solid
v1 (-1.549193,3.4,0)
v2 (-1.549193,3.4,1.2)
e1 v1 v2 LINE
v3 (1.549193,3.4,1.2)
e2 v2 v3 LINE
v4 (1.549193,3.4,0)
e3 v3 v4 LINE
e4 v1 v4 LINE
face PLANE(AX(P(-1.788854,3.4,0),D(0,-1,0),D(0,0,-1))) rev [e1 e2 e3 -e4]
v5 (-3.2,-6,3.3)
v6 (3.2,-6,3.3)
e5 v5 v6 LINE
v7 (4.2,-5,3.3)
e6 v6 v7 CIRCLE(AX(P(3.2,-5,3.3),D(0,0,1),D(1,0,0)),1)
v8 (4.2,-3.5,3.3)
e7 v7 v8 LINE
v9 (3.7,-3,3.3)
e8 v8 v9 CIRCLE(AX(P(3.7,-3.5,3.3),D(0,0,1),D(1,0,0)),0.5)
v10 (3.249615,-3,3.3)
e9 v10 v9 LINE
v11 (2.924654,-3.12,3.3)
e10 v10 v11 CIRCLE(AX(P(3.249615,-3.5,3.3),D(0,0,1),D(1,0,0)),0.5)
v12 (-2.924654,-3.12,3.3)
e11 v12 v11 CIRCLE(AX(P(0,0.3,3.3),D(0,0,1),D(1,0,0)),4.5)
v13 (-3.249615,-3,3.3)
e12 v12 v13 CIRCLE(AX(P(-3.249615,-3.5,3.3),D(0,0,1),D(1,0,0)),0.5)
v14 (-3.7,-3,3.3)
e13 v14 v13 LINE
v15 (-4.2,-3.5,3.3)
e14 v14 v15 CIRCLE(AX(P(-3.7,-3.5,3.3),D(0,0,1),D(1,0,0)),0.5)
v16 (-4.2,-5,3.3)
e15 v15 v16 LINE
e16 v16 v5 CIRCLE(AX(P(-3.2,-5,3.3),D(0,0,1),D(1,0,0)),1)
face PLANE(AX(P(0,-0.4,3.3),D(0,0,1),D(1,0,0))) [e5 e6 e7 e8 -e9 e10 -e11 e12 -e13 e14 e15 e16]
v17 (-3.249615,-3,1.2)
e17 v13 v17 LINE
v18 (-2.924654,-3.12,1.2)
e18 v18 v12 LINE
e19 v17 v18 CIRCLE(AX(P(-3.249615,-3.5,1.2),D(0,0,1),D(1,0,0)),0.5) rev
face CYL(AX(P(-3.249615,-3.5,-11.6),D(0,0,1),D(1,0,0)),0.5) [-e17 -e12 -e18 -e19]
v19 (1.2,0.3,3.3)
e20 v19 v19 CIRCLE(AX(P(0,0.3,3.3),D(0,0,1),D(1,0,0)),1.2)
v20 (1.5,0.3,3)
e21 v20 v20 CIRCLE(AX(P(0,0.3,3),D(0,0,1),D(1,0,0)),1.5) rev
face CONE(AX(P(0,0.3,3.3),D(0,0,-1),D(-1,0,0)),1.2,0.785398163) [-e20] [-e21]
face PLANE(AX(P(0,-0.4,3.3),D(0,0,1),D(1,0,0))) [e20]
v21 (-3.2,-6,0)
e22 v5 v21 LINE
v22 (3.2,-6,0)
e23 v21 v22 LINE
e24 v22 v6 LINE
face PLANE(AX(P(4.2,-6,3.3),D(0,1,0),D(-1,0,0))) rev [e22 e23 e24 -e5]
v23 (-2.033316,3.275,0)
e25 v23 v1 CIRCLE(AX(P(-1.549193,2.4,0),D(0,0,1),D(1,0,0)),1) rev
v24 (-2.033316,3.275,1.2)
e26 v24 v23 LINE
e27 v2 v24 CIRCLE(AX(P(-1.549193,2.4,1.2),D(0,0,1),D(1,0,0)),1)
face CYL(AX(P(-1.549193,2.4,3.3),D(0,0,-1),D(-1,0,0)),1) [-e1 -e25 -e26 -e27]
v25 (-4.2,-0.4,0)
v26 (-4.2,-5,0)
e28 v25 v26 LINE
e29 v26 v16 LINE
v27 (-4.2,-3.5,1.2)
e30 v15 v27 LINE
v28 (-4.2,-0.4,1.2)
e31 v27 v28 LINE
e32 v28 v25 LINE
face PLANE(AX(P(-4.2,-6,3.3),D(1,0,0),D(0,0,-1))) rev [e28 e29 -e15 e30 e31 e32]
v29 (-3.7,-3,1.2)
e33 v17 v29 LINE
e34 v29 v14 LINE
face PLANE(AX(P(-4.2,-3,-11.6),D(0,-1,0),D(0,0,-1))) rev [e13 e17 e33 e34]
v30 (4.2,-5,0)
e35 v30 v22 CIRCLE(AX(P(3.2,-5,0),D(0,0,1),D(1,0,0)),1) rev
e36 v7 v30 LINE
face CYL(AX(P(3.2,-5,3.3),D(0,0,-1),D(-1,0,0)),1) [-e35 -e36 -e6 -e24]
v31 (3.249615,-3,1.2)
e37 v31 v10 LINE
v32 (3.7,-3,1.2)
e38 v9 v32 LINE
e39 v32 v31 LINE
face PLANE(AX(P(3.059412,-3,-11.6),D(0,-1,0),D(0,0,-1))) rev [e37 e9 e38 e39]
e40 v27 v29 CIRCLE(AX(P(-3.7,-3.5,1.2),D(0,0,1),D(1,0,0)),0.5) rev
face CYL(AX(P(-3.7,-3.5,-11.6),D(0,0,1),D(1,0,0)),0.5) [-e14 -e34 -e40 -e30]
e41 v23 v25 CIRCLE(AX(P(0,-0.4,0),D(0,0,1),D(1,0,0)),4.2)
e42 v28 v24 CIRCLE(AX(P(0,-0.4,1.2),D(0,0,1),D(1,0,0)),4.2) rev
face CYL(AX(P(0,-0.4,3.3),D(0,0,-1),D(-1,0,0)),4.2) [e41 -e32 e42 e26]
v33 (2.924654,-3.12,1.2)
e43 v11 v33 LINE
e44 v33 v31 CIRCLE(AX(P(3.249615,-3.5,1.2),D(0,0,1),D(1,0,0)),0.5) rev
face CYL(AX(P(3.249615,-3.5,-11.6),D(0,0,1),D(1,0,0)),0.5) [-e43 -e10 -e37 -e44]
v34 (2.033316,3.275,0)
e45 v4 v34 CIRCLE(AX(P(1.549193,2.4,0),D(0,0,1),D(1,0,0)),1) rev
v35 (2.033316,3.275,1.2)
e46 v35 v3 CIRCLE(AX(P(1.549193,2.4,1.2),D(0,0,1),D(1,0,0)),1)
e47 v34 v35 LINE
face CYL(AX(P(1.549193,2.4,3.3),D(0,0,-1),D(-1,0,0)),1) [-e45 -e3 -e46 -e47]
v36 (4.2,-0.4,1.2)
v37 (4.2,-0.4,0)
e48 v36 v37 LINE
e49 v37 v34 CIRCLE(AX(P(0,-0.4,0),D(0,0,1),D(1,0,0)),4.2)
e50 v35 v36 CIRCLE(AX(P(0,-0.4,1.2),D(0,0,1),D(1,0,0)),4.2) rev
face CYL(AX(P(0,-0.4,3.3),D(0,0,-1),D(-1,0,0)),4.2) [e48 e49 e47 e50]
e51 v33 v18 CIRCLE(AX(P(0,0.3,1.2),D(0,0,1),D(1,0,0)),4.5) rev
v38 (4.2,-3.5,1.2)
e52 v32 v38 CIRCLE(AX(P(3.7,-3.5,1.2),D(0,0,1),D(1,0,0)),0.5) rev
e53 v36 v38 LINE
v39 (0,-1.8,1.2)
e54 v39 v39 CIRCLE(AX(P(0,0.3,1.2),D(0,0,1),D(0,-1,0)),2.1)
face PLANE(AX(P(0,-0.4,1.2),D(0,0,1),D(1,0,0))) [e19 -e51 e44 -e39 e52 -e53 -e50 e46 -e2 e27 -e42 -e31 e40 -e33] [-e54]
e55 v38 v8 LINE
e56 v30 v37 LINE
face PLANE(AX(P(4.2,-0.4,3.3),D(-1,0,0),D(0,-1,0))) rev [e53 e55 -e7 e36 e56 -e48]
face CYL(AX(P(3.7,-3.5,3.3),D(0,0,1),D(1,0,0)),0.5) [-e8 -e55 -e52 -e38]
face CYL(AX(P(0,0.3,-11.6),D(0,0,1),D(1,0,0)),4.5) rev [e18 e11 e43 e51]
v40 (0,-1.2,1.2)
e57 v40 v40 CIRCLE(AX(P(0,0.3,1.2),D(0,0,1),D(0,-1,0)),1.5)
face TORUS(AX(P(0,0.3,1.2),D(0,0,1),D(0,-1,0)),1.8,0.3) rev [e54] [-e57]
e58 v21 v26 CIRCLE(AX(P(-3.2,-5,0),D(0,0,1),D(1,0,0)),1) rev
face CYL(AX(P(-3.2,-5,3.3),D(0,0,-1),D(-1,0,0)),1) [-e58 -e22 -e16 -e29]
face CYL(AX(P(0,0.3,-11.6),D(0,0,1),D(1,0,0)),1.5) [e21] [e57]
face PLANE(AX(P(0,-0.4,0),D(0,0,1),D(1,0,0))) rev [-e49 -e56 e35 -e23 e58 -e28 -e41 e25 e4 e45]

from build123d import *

# Parameters (mm, degrees)
BASIC_DEPTH             = 3.3
BEARING_START           = -2.1
SKETCH2_R               = 1.5
BEARING_CLEARANCE_DEPTH = 2.1
TOP_CLEARANCE_DEPTH     = 8.61905506
FILLET_R1_R             = 1
FILLET_R0_5_R           = 0.5
CHAMFER_R0_3_45_SIZE    = 0.3


with BuildPart() as part:
    # Sketch1 → Basic (new body)
    with BuildSketch(Plane.XY):
        with BuildLine():
            Line((4.2, -0.4), (4.2, -6))
            Line((4.2, -6), (-4.2, -6))
            Line((-4.2, -6), (-4.2, -0.4))
            ThreePointArc((-4.2, -0.4), (0, 3.8), (4.2, -0.4))
        make_face()
    extrude(amount=BASIC_DEPTH)

    # Sketch2 → Bearing Clearance (cut)
    with BuildSketch(Plane.XY.offset(3.3).offset(BEARING_START)):
        with BuildLine():
            Line((-4.2, -3), (-3.059411708, -3))
            ThreePointArc((-3.059411708, -3), (0, -4.2), (3.059411708, -3))
            Line((3.059411708, -3), (4.2, -3))
            Line((4.2, -3), (4.2, -0.4))
            ThreePointArc((4.2, -0.4), (0, 3.8), (-4.2, -0.4))
            Line((-4.2, -0.4), (-4.2, -3))
        make_face()
        with Locations((0, 0.3)):
            Circle(SKETCH2_R, mode=Mode.SUBTRACT)
    extrude(amount=BEARING_CLEARANCE_DEPTH, mode=Mode.SUBTRACT)

    # Sketch3 → Top Clearance (cut, through all)
    with BuildSketch(Plane.XY.offset(1.2)):
        with BuildLine():
            Line((-1.788854382, 3.4), (1.788854382, 3.4))
            ThreePointArc((1.788854382, 3.4), (0, 3.8), (-1.788854382, 3.4))
        make_face()
    extrude(amount=-TOP_CLEARANCE_DEPTH, mode=Mode.SUBTRACT)

    # Sketch7 → Bearing Get Low (revolve, cut)
    with BuildSketch(Plane(origin=(0, 0, 0), x_dir=(0, 0, -1), z_dir=(1, 0, 0)), mode=Mode.PRIVATE) as bearing_get_low_sk:
        with BuildLine():
            Line((-1.2, 1.8), (-1.2, 2.4))
            ThreePointArc((-1.2, 2.4), (-0.9, 2.1), (-1.2, 1.8))
        make_face()
    revolve(bearing_get_low_sk.sketch.rotate(Axis((0, 0.3, 3.3), (0, 0, -1)), 180), axis=Axis((0, 0.3, 3.3), (0, 0, -1)), mode=Mode.SUBTRACT)

    # R1
    fillet_r1_edges = [part.edges().sort_by_distance(p)[0] for p in [
        (-1.788854382, 3.4, 0.6),
        (1.788854382, 3.4, 0.6),
        (-4.2, -6, 1.65),
        (4.2, -6, 1.65),
    ]]
    fillet(fillet_r1_edges, radius=FILLET_R1_R)

    # R0.5
    fillet_r0_5_edges = [part.edges().sort_by_distance(p)[0] for p in [
        (-4.2, -3, 2.25),
        (-3.059411708, -3, 2.25),
        (3.059411708, -3, 2.25),
        (4.2, -3, 2.25),
    ]]
    fillet(fillet_r0_5_edges, radius=FILLET_R0_5_R)

    # R0.3×45°
    chamfer_r0_3_45_edges = [part.edges().sort_by_distance(p)[0] for p in [
        (-1.5, 0.3, 3.3),
    ]]
    chamfer(chamfer_r0_3_45_edges, length=CHAMFER_R0_3_45_SIZE)


solid = part.part
